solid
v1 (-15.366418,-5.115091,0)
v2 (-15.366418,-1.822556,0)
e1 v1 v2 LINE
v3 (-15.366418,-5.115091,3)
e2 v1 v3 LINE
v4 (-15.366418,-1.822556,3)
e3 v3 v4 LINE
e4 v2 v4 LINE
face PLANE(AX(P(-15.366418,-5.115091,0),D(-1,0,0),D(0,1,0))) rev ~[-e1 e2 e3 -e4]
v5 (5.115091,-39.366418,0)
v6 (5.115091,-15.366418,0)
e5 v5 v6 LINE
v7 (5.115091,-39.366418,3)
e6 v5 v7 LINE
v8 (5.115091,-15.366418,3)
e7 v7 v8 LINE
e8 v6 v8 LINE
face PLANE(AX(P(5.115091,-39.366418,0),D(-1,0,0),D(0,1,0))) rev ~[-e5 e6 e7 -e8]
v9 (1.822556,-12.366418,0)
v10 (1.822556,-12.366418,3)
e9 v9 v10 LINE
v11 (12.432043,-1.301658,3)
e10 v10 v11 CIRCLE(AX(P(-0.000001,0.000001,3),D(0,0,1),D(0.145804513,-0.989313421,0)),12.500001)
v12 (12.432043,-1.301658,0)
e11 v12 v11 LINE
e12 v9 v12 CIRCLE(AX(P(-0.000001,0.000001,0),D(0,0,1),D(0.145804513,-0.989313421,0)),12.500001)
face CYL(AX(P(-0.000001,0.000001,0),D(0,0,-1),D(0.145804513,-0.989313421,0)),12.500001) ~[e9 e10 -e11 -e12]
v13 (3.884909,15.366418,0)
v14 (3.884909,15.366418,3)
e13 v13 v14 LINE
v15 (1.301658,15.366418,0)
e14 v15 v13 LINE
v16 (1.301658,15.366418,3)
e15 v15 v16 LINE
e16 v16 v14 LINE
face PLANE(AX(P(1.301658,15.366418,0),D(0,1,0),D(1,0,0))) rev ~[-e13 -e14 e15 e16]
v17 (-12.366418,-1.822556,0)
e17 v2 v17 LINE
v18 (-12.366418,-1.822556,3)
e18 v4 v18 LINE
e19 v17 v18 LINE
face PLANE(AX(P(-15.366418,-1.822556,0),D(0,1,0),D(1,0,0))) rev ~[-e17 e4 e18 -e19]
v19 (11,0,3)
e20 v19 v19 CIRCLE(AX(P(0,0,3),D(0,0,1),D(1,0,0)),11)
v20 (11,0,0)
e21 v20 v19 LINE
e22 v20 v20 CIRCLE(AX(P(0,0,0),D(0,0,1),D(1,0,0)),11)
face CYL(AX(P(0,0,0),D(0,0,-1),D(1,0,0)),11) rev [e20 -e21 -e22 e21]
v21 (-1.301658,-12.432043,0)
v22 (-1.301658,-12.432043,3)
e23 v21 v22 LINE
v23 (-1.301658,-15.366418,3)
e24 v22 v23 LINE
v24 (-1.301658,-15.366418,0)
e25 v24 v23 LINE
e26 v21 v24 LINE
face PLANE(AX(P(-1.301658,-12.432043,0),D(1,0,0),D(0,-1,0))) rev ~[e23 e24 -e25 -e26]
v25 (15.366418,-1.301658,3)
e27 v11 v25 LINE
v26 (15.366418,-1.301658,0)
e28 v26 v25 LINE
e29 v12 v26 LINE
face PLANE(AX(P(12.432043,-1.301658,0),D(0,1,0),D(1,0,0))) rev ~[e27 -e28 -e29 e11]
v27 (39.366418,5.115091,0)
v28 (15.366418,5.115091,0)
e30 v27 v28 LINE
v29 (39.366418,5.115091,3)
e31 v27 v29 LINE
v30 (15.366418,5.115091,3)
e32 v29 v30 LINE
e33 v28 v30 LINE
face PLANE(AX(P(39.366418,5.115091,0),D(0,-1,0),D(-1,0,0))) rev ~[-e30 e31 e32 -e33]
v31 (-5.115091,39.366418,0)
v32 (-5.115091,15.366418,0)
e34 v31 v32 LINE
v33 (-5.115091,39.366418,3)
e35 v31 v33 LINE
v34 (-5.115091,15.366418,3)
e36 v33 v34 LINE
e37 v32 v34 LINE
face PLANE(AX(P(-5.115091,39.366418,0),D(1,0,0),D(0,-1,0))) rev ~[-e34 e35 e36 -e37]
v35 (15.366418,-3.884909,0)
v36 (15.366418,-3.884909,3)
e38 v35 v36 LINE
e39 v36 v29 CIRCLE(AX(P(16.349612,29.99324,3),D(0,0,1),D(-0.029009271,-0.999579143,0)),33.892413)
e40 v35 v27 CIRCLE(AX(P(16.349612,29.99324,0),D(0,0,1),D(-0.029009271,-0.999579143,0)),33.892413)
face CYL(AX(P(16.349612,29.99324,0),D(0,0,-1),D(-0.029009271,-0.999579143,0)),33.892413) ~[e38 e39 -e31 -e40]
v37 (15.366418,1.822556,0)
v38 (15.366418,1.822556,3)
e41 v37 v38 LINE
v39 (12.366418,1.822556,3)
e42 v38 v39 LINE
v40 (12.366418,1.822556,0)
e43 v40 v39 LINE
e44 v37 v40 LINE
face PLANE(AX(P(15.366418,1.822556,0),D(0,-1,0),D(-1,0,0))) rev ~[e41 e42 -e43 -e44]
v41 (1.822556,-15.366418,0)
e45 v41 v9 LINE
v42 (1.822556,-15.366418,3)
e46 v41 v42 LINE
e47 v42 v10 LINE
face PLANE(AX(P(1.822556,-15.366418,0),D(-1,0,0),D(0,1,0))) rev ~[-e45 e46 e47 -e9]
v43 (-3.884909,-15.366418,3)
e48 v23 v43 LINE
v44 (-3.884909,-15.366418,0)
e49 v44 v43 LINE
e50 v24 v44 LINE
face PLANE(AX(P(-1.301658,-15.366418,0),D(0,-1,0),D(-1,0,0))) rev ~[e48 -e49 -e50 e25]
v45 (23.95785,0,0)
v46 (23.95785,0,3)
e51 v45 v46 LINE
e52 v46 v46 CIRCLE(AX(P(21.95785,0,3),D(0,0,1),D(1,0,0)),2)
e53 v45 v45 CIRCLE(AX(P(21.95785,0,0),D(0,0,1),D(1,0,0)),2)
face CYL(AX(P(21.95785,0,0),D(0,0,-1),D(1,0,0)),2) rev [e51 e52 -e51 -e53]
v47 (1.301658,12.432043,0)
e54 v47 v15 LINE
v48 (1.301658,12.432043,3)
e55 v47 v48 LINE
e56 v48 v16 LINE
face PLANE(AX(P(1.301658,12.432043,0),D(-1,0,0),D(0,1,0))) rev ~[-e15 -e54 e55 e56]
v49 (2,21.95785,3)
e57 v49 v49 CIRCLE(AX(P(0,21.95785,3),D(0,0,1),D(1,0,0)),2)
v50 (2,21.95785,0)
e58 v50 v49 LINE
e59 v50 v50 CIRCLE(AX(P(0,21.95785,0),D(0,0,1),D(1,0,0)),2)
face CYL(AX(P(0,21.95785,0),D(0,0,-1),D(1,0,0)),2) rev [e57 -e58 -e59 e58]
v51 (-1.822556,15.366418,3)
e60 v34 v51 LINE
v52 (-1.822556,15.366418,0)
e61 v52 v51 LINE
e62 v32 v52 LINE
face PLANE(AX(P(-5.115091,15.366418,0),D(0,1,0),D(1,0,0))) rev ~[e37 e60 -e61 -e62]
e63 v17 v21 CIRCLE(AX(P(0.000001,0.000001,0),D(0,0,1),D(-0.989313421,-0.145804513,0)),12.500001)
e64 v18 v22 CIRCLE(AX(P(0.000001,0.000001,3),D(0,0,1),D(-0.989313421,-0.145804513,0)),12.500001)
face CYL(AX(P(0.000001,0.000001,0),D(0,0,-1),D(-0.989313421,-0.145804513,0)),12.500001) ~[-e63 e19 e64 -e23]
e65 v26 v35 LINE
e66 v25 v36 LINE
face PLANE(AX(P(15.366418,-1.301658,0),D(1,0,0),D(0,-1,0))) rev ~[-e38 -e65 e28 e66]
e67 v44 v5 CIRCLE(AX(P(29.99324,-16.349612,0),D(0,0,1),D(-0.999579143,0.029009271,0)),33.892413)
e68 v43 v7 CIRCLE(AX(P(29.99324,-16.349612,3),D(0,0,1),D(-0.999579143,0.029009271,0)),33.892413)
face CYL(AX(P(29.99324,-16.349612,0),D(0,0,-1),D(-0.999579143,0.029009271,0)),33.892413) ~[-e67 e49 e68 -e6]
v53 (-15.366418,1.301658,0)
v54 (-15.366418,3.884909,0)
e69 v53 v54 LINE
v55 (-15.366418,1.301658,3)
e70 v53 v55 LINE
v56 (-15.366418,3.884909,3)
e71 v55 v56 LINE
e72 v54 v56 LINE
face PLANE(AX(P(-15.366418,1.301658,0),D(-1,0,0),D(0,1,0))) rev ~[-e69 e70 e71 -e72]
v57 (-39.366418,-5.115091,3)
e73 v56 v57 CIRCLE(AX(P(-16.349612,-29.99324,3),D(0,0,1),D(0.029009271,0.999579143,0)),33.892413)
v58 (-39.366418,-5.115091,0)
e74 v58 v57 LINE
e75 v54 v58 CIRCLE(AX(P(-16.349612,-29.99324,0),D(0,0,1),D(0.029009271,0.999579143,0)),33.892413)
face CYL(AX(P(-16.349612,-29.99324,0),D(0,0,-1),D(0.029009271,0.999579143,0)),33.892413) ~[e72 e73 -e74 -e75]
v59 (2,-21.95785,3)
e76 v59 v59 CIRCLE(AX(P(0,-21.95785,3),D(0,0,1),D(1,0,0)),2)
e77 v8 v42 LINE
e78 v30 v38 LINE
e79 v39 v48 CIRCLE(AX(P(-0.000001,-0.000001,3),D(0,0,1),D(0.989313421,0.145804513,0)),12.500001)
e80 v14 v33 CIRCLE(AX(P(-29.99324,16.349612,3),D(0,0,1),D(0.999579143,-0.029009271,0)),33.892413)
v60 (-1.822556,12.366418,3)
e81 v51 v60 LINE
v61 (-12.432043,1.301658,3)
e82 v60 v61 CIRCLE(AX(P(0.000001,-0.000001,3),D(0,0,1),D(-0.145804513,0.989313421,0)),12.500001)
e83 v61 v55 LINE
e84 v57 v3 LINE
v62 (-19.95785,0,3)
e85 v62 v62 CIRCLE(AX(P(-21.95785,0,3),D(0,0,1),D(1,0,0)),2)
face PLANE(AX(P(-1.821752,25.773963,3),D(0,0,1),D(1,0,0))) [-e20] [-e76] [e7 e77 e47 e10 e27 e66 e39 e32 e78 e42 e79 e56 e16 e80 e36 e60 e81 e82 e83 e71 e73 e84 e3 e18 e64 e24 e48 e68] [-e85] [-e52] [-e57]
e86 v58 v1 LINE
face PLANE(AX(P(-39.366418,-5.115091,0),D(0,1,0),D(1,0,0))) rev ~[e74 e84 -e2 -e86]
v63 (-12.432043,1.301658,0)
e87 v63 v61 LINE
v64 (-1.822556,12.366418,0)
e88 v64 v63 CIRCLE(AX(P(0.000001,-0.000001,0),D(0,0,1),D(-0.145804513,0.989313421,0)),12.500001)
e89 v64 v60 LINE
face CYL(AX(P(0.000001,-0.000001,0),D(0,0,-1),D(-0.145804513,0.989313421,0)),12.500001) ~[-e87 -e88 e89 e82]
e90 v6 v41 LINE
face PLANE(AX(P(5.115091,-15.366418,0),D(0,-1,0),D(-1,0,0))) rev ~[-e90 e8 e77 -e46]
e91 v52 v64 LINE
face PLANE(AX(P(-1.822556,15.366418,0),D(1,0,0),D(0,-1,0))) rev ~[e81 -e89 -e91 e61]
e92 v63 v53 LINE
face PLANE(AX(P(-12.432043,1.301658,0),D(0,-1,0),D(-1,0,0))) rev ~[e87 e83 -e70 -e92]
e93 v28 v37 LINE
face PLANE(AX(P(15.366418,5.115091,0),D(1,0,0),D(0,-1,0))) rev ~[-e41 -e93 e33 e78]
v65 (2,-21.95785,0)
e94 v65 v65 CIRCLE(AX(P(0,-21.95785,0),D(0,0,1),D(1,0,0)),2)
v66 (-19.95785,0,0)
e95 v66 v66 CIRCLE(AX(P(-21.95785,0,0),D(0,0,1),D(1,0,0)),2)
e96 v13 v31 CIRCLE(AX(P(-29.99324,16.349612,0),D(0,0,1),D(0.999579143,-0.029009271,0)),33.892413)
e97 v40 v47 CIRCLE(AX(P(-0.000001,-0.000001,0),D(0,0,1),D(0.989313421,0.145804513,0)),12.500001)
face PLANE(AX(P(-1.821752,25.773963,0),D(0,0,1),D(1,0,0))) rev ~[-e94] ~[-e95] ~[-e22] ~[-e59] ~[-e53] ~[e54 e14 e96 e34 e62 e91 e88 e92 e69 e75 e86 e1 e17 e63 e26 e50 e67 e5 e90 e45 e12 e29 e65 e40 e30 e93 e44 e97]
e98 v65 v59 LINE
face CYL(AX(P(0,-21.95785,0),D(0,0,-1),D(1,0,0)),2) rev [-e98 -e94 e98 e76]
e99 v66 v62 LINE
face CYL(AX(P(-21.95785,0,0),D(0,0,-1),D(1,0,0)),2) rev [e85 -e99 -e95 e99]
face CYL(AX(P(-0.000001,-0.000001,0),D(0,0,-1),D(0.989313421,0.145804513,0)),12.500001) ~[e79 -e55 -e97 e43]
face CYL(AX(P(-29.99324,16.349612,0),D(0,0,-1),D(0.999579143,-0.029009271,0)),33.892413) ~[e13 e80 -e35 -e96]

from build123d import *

# Parameters (mm, degrees)
F0_R     = 2
F0_R_2   = 11
F1_DEPTH = 3


with BuildPart() as f1:
    # F0 (on Top) → F1 (new body)
    with BuildSketch(Plane.XY):
        with BuildLine():
            Line((-1.822556, 15.366418), (1.301658, 15.366418))
            Line((1.301658, 15.366418), (3.884909, 15.366418))
            ThreePointArc((3.884909, 15.366418), (1.741215, 28.250033), (-5.115091, 39.366418))
            Line((-5.115091, 39.366418), (-5.115091, 15.366418))
            Line((-5.115091, 15.366418), (-1.822556, 15.366418))
        make_face()
        with Locations((0, 21.95785)):
            Circle(F0_R, mode=Mode.SUBTRACT)
        with BuildLine():
            ThreePointArc((-1.822556, 12.366418), (-0.262508, 12.497243), (1.301658, 12.432043))
            Line((1.301658, 12.432043), (1.301658, 15.366418))
            Line((1.301658, 15.366418), (-1.822556, 15.366418))
            Line((-1.822556, 15.366418), (-1.822556, 12.366418))
        make_face()
        with BuildLine():
            ThreePointArc((12.432043, -1.301658), (12.482999, -0.651715), (12.5, 0))
            ThreePointArc((12.5, 0), (12.46656, 0.913722), (12.366418, 1.822556))
            ThreePointArc((12.366418, 1.822556), (8.651264, 9.022507), (1.301658, 12.432043))
            ThreePointArc((1.301658, 12.432043), (-0.262508, 12.497243), (-1.822556, 12.366418))
            ThreePointArc((-1.822556, 12.366418), (-9.022507, 8.651264), (-12.432043, 1.301658))
            ThreePointArc((-12.432043, 1.301658), (-12.497243, -0.262508), (-12.366418, -1.822556))
            ThreePointArc((-12.366418, -1.822556), (-8.651264, -9.022507), (-1.301658, -12.432043))
            ThreePointArc((-1.301658, -12.432043), (0.262508, -12.497243), (1.822556, -12.366418))
            ThreePointArc((1.822556, -12.366418), (9.022507, -8.651264), (12.432043, -1.301658))
        make_face()
        Circle(F0_R_2, mode=Mode.SUBTRACT)
        with BuildLine():
            Line((15.366418, 5.115091), (15.366418, 1.822556))
            Line((15.366418, 1.822556), (15.366418, -1.301658))
            Line((15.366418, -1.301658), (15.366418, -3.884909))
            ThreePointArc((15.366418, -3.884909), (28.250033, -1.741215), (39.366418, 5.115091))
            Line((39.366418, 5.115091), (15.366418, 5.115091))
        make_face()
        with Locations((21.95785, 0)):
            Circle(F0_R, mode=Mode.SUBTRACT)
        with BuildLine():
            Line((1.822556, -15.366418), (1.822556, -12.366418))
            ThreePointArc((1.822556, -12.366418), (0.262508, -12.497243), (-1.301658, -12.432043))
            Line((-1.301658, -12.432043), (-1.301658, -15.366418))
            Line((-1.301658, -15.366418), (1.822556, -15.366418))
        make_face()
        with BuildLine():
            Line((5.115091, -15.366418), (1.822556, -15.366418))
            Line((1.822556, -15.366418), (-1.301658, -15.366418))
            Line((-1.301658, -15.366418), (-3.884909, -15.366418))
            ThreePointArc((-3.884909, -15.366418), (-1.741215, -28.250033), (5.115091, -39.366418))
            Line((5.115091, -39.366418), (5.115091, -15.366418))
        make_face()
        with Locations((0, -21.95785)):
            Circle(F0_R, mode=Mode.SUBTRACT)
        with BuildLine():
            Line((-15.366418, -1.822556), (-15.366418, 1.301658))
            Line((-15.366418, 1.301658), (-15.366418, 3.884909))
            ThreePointArc((-15.366418, 3.884909), (-28.250033, 1.741215), (-39.366418, -5.115091))
            Line((-39.366418, -5.115091), (-15.366418, -5.115091))
            Line((-15.366418, -5.115091), (-15.366418, -1.822556))
        make_face()
        with Locations((-21.95785, 0)):
            Circle(F0_R, mode=Mode.SUBTRACT)
        with BuildLine():
            ThreePointArc((-12.366418, -1.822556), (-12.497243, -0.262508), (-12.432043, 1.301658))
            Line((-12.432043, 1.301658), (-15.366418, 1.301658))
            Line((-15.366418, 1.301658), (-15.366418, -1.822556))
            Line((-15.366418, -1.822556), (-12.366418, -1.822556))
        make_face()
        with BuildLine():
            ThreePointArc((12.366418, 1.822556), (12.46656, 0.913722), (12.5, 0))
            ThreePointArc((12.5, 0), (12.482999, -0.651715), (12.432043, -1.301658))
            Line((12.432043, -1.301658), (15.366418, -1.301658))
            Line((15.366418, -1.301658), (15.366418, 1.822556))
            Line((15.366418, 1.822556), (12.366418, 1.822556))
        make_face()
    extrude(amount=F1_DEPTH)


solid = f1.part
